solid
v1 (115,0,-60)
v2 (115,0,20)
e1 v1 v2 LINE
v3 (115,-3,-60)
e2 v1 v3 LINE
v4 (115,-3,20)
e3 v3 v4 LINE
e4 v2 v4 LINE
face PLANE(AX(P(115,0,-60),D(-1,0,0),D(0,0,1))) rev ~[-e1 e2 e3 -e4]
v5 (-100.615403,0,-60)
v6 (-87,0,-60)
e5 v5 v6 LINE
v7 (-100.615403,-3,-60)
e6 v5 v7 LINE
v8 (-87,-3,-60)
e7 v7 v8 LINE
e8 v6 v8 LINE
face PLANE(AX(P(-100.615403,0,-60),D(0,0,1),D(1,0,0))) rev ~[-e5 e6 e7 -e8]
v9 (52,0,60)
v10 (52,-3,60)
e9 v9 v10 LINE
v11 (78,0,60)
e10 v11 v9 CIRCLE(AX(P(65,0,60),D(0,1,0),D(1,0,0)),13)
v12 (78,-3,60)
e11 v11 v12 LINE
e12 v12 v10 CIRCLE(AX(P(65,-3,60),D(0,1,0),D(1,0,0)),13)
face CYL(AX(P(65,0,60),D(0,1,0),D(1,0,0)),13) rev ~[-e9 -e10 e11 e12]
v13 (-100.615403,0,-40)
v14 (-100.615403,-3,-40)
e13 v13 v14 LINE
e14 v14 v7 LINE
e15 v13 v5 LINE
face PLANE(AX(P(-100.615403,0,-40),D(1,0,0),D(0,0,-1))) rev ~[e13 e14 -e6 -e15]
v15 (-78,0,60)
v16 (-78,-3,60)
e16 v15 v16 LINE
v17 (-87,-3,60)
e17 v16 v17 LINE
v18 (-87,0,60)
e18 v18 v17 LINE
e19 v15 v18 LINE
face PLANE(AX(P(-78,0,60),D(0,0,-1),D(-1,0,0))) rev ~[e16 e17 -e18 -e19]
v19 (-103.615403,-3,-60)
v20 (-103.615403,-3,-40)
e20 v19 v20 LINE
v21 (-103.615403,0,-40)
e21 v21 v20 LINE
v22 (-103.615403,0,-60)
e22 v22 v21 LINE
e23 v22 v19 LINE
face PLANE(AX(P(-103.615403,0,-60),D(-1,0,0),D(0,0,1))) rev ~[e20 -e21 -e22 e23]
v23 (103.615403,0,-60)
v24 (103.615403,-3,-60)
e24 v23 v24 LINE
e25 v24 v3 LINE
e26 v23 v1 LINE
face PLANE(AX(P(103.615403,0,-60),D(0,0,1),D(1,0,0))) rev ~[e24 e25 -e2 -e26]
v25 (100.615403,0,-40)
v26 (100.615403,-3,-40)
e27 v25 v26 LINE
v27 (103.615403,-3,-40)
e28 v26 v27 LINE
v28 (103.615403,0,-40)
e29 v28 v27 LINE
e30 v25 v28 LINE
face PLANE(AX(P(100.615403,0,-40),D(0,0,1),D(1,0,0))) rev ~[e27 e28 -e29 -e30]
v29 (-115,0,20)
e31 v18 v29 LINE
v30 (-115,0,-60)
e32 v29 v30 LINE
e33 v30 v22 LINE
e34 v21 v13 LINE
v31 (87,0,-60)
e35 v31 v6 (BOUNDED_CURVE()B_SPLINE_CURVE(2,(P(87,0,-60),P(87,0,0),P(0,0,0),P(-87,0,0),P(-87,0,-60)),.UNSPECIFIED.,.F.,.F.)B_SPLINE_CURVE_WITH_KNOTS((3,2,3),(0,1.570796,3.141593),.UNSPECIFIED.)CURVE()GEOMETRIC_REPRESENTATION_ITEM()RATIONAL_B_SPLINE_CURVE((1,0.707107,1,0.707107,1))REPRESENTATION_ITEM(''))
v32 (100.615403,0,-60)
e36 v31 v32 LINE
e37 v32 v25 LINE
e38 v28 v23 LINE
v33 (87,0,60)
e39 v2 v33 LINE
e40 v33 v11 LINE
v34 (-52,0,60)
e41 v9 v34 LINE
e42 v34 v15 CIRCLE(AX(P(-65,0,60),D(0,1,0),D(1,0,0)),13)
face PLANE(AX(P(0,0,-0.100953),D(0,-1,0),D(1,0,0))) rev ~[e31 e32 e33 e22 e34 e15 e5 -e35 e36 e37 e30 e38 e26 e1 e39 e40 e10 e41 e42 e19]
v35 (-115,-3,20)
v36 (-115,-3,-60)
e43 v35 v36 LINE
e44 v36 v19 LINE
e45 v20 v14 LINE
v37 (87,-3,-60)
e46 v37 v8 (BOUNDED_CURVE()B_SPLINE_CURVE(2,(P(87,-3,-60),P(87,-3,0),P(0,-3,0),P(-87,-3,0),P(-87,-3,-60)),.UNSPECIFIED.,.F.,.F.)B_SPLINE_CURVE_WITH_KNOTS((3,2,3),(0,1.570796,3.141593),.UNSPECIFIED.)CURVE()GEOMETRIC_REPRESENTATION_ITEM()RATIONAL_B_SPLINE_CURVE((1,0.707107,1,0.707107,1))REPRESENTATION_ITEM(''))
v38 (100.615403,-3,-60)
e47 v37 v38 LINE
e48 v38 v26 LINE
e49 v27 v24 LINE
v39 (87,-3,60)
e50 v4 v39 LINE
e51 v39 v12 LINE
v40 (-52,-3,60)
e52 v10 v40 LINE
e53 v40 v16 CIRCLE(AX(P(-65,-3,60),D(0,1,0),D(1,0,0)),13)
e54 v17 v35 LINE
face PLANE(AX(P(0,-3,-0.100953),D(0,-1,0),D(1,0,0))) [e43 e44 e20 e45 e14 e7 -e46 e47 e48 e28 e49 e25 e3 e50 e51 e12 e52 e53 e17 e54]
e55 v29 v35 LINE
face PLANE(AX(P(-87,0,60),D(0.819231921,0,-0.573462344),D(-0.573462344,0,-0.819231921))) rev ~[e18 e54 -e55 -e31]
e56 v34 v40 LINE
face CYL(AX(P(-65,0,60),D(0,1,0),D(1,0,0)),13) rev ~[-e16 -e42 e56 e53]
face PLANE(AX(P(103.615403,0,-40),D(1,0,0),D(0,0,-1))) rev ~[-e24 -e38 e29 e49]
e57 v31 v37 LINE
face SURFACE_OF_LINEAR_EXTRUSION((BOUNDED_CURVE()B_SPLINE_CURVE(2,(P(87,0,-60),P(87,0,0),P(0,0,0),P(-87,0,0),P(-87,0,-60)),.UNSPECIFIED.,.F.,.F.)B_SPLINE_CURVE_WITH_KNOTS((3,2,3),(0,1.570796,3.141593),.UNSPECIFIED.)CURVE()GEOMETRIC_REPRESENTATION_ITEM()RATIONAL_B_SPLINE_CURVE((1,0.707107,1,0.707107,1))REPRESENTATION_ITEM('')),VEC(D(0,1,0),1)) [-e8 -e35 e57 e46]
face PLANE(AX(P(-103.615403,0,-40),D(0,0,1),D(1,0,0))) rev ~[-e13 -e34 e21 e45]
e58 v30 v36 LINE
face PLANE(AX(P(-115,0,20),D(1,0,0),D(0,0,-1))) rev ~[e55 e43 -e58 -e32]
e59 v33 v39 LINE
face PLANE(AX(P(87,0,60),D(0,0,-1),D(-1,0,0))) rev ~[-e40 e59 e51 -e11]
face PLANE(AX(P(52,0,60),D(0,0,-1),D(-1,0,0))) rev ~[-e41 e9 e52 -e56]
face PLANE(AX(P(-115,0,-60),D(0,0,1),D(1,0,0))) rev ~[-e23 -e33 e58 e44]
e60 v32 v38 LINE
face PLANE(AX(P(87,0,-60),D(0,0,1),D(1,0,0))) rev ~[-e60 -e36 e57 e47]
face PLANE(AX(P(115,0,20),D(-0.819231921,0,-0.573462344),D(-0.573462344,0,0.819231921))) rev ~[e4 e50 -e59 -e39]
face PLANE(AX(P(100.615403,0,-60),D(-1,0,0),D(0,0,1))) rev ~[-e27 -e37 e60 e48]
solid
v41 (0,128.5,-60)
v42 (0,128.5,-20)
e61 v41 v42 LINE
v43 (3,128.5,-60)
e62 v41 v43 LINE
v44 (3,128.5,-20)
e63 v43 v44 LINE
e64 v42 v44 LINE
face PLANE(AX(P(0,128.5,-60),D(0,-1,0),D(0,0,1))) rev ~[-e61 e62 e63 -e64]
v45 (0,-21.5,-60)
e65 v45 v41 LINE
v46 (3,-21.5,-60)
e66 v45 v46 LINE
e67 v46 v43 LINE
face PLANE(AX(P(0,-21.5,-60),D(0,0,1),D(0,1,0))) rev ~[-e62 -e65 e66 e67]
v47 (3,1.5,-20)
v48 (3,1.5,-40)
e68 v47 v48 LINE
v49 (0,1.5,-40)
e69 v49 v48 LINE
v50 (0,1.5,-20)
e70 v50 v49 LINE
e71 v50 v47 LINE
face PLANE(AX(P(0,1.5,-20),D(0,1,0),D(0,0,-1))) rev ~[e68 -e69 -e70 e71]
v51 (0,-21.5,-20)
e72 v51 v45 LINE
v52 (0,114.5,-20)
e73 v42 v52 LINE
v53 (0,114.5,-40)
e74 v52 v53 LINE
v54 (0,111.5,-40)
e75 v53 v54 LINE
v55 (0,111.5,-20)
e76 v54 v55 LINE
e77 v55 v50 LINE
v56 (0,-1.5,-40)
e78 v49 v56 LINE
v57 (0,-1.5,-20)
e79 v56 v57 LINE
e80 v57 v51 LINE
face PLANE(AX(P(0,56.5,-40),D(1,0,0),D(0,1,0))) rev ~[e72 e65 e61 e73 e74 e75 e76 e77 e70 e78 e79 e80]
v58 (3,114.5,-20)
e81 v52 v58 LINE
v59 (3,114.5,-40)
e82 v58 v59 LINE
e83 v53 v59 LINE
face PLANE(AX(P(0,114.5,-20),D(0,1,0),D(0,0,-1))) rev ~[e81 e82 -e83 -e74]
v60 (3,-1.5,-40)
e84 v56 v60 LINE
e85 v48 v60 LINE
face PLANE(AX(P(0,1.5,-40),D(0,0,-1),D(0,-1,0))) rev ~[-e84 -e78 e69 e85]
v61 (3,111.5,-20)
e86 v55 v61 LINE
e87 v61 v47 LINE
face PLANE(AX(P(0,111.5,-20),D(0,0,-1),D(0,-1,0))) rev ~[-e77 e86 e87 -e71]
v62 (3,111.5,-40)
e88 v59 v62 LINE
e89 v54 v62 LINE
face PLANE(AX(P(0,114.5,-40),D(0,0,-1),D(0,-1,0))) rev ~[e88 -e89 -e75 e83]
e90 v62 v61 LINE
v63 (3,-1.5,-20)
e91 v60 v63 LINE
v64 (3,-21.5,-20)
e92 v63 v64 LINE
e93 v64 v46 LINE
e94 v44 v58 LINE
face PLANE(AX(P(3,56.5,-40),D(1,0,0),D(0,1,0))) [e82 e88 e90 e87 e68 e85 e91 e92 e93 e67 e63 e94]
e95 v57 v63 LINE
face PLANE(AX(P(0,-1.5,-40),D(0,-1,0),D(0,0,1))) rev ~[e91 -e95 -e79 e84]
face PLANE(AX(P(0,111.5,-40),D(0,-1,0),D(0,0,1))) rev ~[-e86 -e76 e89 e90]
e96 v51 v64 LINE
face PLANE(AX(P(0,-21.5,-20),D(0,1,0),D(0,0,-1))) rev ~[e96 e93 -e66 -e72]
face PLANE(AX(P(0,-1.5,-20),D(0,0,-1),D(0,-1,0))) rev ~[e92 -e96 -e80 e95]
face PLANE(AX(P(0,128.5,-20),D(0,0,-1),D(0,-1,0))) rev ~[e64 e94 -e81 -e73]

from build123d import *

# Parameters (mm, degrees)
F1_DEPTH = 3
F3_DEPTH = 3


with BuildPart() as f1:
    # F0 (on Front) → F1 (new body)
    with BuildSketch(Plane.XZ):
        with BuildLine():
            Line((87, 60), (78, 60))
            ThreePointArc((78, 60), (65, 47), (52, 60))
            Line((52, 60), (-52, 60))
            ThreePointArc((-52, 60), (-65, 47), (-78, 60))
            Line((-78, 60), (-87, 60))
            Line((-87, 60), (-115, 20))
            Line((-115, 20), (-115, -60))
            Line((-115, -60), (-103.615403, -60))
            Line((-103.615403, -60), (-103.615403, -40))
            Line((-103.615403, -40), (-100.615403, -40))
            Line((-100.615403, -40), (-100.615403, -60))
            Line((-100.615403, -60), (-87, -60))
            add(Edge.make_bspline(
                [(87, -60), (87, 0), (0, 0), (-87, 0), (-87, -60)],
                knots=[0, 0, 0, 1.570796, 1.570796, 3.141593, 3.141593, 3.141593], degree=2, weights=[1, 0.707107, 1, 0.707107, 1]))
            Line((87, -60), (100.615403, -60))
            Line((100.615403, -60), (100.615403, -40))
            Line((100.615403, -40), (103.615403, -40))
            Line((103.615403, -40), (103.615403, -60))
            Line((103.615403, -60), (115, -60))
            Line((115, -60), (115, 20))
            Line((115, 20), (87, 60))
        make_face()
    extrude(amount=F1_DEPTH)


with BuildPart() as f3:
    # F2 (on Right) → F3 (new body)
    with BuildSketch(Plane.YZ):
        Polygon((1.5, -40), (1.5, -60), (111.5, -60), (111.5, -40), (111.5, -20), (1.5, -20), align=None)
        Polygon((-21.5, -20), (-21.5, -60), (-1.5, -60), (-1.5, -40), (-1.5, -20), align=None)
        Polygon((-1.5, -40), (-1.5, -60), (1.5, -60), (1.5, -40), (0, -40), align=None)
        Polygon((111.5, -40), (111.5, -60), (114.5, -60), (114.5, -40), (113, -40), align=None)
        Polygon((114.5, -40), (114.5, -60), (128.5, -60), (128.5, -20), (114.5, -20), align=None)
    extrude(amount=F3_DEPTH)


solid = Compound([f1.part, f3.part])
